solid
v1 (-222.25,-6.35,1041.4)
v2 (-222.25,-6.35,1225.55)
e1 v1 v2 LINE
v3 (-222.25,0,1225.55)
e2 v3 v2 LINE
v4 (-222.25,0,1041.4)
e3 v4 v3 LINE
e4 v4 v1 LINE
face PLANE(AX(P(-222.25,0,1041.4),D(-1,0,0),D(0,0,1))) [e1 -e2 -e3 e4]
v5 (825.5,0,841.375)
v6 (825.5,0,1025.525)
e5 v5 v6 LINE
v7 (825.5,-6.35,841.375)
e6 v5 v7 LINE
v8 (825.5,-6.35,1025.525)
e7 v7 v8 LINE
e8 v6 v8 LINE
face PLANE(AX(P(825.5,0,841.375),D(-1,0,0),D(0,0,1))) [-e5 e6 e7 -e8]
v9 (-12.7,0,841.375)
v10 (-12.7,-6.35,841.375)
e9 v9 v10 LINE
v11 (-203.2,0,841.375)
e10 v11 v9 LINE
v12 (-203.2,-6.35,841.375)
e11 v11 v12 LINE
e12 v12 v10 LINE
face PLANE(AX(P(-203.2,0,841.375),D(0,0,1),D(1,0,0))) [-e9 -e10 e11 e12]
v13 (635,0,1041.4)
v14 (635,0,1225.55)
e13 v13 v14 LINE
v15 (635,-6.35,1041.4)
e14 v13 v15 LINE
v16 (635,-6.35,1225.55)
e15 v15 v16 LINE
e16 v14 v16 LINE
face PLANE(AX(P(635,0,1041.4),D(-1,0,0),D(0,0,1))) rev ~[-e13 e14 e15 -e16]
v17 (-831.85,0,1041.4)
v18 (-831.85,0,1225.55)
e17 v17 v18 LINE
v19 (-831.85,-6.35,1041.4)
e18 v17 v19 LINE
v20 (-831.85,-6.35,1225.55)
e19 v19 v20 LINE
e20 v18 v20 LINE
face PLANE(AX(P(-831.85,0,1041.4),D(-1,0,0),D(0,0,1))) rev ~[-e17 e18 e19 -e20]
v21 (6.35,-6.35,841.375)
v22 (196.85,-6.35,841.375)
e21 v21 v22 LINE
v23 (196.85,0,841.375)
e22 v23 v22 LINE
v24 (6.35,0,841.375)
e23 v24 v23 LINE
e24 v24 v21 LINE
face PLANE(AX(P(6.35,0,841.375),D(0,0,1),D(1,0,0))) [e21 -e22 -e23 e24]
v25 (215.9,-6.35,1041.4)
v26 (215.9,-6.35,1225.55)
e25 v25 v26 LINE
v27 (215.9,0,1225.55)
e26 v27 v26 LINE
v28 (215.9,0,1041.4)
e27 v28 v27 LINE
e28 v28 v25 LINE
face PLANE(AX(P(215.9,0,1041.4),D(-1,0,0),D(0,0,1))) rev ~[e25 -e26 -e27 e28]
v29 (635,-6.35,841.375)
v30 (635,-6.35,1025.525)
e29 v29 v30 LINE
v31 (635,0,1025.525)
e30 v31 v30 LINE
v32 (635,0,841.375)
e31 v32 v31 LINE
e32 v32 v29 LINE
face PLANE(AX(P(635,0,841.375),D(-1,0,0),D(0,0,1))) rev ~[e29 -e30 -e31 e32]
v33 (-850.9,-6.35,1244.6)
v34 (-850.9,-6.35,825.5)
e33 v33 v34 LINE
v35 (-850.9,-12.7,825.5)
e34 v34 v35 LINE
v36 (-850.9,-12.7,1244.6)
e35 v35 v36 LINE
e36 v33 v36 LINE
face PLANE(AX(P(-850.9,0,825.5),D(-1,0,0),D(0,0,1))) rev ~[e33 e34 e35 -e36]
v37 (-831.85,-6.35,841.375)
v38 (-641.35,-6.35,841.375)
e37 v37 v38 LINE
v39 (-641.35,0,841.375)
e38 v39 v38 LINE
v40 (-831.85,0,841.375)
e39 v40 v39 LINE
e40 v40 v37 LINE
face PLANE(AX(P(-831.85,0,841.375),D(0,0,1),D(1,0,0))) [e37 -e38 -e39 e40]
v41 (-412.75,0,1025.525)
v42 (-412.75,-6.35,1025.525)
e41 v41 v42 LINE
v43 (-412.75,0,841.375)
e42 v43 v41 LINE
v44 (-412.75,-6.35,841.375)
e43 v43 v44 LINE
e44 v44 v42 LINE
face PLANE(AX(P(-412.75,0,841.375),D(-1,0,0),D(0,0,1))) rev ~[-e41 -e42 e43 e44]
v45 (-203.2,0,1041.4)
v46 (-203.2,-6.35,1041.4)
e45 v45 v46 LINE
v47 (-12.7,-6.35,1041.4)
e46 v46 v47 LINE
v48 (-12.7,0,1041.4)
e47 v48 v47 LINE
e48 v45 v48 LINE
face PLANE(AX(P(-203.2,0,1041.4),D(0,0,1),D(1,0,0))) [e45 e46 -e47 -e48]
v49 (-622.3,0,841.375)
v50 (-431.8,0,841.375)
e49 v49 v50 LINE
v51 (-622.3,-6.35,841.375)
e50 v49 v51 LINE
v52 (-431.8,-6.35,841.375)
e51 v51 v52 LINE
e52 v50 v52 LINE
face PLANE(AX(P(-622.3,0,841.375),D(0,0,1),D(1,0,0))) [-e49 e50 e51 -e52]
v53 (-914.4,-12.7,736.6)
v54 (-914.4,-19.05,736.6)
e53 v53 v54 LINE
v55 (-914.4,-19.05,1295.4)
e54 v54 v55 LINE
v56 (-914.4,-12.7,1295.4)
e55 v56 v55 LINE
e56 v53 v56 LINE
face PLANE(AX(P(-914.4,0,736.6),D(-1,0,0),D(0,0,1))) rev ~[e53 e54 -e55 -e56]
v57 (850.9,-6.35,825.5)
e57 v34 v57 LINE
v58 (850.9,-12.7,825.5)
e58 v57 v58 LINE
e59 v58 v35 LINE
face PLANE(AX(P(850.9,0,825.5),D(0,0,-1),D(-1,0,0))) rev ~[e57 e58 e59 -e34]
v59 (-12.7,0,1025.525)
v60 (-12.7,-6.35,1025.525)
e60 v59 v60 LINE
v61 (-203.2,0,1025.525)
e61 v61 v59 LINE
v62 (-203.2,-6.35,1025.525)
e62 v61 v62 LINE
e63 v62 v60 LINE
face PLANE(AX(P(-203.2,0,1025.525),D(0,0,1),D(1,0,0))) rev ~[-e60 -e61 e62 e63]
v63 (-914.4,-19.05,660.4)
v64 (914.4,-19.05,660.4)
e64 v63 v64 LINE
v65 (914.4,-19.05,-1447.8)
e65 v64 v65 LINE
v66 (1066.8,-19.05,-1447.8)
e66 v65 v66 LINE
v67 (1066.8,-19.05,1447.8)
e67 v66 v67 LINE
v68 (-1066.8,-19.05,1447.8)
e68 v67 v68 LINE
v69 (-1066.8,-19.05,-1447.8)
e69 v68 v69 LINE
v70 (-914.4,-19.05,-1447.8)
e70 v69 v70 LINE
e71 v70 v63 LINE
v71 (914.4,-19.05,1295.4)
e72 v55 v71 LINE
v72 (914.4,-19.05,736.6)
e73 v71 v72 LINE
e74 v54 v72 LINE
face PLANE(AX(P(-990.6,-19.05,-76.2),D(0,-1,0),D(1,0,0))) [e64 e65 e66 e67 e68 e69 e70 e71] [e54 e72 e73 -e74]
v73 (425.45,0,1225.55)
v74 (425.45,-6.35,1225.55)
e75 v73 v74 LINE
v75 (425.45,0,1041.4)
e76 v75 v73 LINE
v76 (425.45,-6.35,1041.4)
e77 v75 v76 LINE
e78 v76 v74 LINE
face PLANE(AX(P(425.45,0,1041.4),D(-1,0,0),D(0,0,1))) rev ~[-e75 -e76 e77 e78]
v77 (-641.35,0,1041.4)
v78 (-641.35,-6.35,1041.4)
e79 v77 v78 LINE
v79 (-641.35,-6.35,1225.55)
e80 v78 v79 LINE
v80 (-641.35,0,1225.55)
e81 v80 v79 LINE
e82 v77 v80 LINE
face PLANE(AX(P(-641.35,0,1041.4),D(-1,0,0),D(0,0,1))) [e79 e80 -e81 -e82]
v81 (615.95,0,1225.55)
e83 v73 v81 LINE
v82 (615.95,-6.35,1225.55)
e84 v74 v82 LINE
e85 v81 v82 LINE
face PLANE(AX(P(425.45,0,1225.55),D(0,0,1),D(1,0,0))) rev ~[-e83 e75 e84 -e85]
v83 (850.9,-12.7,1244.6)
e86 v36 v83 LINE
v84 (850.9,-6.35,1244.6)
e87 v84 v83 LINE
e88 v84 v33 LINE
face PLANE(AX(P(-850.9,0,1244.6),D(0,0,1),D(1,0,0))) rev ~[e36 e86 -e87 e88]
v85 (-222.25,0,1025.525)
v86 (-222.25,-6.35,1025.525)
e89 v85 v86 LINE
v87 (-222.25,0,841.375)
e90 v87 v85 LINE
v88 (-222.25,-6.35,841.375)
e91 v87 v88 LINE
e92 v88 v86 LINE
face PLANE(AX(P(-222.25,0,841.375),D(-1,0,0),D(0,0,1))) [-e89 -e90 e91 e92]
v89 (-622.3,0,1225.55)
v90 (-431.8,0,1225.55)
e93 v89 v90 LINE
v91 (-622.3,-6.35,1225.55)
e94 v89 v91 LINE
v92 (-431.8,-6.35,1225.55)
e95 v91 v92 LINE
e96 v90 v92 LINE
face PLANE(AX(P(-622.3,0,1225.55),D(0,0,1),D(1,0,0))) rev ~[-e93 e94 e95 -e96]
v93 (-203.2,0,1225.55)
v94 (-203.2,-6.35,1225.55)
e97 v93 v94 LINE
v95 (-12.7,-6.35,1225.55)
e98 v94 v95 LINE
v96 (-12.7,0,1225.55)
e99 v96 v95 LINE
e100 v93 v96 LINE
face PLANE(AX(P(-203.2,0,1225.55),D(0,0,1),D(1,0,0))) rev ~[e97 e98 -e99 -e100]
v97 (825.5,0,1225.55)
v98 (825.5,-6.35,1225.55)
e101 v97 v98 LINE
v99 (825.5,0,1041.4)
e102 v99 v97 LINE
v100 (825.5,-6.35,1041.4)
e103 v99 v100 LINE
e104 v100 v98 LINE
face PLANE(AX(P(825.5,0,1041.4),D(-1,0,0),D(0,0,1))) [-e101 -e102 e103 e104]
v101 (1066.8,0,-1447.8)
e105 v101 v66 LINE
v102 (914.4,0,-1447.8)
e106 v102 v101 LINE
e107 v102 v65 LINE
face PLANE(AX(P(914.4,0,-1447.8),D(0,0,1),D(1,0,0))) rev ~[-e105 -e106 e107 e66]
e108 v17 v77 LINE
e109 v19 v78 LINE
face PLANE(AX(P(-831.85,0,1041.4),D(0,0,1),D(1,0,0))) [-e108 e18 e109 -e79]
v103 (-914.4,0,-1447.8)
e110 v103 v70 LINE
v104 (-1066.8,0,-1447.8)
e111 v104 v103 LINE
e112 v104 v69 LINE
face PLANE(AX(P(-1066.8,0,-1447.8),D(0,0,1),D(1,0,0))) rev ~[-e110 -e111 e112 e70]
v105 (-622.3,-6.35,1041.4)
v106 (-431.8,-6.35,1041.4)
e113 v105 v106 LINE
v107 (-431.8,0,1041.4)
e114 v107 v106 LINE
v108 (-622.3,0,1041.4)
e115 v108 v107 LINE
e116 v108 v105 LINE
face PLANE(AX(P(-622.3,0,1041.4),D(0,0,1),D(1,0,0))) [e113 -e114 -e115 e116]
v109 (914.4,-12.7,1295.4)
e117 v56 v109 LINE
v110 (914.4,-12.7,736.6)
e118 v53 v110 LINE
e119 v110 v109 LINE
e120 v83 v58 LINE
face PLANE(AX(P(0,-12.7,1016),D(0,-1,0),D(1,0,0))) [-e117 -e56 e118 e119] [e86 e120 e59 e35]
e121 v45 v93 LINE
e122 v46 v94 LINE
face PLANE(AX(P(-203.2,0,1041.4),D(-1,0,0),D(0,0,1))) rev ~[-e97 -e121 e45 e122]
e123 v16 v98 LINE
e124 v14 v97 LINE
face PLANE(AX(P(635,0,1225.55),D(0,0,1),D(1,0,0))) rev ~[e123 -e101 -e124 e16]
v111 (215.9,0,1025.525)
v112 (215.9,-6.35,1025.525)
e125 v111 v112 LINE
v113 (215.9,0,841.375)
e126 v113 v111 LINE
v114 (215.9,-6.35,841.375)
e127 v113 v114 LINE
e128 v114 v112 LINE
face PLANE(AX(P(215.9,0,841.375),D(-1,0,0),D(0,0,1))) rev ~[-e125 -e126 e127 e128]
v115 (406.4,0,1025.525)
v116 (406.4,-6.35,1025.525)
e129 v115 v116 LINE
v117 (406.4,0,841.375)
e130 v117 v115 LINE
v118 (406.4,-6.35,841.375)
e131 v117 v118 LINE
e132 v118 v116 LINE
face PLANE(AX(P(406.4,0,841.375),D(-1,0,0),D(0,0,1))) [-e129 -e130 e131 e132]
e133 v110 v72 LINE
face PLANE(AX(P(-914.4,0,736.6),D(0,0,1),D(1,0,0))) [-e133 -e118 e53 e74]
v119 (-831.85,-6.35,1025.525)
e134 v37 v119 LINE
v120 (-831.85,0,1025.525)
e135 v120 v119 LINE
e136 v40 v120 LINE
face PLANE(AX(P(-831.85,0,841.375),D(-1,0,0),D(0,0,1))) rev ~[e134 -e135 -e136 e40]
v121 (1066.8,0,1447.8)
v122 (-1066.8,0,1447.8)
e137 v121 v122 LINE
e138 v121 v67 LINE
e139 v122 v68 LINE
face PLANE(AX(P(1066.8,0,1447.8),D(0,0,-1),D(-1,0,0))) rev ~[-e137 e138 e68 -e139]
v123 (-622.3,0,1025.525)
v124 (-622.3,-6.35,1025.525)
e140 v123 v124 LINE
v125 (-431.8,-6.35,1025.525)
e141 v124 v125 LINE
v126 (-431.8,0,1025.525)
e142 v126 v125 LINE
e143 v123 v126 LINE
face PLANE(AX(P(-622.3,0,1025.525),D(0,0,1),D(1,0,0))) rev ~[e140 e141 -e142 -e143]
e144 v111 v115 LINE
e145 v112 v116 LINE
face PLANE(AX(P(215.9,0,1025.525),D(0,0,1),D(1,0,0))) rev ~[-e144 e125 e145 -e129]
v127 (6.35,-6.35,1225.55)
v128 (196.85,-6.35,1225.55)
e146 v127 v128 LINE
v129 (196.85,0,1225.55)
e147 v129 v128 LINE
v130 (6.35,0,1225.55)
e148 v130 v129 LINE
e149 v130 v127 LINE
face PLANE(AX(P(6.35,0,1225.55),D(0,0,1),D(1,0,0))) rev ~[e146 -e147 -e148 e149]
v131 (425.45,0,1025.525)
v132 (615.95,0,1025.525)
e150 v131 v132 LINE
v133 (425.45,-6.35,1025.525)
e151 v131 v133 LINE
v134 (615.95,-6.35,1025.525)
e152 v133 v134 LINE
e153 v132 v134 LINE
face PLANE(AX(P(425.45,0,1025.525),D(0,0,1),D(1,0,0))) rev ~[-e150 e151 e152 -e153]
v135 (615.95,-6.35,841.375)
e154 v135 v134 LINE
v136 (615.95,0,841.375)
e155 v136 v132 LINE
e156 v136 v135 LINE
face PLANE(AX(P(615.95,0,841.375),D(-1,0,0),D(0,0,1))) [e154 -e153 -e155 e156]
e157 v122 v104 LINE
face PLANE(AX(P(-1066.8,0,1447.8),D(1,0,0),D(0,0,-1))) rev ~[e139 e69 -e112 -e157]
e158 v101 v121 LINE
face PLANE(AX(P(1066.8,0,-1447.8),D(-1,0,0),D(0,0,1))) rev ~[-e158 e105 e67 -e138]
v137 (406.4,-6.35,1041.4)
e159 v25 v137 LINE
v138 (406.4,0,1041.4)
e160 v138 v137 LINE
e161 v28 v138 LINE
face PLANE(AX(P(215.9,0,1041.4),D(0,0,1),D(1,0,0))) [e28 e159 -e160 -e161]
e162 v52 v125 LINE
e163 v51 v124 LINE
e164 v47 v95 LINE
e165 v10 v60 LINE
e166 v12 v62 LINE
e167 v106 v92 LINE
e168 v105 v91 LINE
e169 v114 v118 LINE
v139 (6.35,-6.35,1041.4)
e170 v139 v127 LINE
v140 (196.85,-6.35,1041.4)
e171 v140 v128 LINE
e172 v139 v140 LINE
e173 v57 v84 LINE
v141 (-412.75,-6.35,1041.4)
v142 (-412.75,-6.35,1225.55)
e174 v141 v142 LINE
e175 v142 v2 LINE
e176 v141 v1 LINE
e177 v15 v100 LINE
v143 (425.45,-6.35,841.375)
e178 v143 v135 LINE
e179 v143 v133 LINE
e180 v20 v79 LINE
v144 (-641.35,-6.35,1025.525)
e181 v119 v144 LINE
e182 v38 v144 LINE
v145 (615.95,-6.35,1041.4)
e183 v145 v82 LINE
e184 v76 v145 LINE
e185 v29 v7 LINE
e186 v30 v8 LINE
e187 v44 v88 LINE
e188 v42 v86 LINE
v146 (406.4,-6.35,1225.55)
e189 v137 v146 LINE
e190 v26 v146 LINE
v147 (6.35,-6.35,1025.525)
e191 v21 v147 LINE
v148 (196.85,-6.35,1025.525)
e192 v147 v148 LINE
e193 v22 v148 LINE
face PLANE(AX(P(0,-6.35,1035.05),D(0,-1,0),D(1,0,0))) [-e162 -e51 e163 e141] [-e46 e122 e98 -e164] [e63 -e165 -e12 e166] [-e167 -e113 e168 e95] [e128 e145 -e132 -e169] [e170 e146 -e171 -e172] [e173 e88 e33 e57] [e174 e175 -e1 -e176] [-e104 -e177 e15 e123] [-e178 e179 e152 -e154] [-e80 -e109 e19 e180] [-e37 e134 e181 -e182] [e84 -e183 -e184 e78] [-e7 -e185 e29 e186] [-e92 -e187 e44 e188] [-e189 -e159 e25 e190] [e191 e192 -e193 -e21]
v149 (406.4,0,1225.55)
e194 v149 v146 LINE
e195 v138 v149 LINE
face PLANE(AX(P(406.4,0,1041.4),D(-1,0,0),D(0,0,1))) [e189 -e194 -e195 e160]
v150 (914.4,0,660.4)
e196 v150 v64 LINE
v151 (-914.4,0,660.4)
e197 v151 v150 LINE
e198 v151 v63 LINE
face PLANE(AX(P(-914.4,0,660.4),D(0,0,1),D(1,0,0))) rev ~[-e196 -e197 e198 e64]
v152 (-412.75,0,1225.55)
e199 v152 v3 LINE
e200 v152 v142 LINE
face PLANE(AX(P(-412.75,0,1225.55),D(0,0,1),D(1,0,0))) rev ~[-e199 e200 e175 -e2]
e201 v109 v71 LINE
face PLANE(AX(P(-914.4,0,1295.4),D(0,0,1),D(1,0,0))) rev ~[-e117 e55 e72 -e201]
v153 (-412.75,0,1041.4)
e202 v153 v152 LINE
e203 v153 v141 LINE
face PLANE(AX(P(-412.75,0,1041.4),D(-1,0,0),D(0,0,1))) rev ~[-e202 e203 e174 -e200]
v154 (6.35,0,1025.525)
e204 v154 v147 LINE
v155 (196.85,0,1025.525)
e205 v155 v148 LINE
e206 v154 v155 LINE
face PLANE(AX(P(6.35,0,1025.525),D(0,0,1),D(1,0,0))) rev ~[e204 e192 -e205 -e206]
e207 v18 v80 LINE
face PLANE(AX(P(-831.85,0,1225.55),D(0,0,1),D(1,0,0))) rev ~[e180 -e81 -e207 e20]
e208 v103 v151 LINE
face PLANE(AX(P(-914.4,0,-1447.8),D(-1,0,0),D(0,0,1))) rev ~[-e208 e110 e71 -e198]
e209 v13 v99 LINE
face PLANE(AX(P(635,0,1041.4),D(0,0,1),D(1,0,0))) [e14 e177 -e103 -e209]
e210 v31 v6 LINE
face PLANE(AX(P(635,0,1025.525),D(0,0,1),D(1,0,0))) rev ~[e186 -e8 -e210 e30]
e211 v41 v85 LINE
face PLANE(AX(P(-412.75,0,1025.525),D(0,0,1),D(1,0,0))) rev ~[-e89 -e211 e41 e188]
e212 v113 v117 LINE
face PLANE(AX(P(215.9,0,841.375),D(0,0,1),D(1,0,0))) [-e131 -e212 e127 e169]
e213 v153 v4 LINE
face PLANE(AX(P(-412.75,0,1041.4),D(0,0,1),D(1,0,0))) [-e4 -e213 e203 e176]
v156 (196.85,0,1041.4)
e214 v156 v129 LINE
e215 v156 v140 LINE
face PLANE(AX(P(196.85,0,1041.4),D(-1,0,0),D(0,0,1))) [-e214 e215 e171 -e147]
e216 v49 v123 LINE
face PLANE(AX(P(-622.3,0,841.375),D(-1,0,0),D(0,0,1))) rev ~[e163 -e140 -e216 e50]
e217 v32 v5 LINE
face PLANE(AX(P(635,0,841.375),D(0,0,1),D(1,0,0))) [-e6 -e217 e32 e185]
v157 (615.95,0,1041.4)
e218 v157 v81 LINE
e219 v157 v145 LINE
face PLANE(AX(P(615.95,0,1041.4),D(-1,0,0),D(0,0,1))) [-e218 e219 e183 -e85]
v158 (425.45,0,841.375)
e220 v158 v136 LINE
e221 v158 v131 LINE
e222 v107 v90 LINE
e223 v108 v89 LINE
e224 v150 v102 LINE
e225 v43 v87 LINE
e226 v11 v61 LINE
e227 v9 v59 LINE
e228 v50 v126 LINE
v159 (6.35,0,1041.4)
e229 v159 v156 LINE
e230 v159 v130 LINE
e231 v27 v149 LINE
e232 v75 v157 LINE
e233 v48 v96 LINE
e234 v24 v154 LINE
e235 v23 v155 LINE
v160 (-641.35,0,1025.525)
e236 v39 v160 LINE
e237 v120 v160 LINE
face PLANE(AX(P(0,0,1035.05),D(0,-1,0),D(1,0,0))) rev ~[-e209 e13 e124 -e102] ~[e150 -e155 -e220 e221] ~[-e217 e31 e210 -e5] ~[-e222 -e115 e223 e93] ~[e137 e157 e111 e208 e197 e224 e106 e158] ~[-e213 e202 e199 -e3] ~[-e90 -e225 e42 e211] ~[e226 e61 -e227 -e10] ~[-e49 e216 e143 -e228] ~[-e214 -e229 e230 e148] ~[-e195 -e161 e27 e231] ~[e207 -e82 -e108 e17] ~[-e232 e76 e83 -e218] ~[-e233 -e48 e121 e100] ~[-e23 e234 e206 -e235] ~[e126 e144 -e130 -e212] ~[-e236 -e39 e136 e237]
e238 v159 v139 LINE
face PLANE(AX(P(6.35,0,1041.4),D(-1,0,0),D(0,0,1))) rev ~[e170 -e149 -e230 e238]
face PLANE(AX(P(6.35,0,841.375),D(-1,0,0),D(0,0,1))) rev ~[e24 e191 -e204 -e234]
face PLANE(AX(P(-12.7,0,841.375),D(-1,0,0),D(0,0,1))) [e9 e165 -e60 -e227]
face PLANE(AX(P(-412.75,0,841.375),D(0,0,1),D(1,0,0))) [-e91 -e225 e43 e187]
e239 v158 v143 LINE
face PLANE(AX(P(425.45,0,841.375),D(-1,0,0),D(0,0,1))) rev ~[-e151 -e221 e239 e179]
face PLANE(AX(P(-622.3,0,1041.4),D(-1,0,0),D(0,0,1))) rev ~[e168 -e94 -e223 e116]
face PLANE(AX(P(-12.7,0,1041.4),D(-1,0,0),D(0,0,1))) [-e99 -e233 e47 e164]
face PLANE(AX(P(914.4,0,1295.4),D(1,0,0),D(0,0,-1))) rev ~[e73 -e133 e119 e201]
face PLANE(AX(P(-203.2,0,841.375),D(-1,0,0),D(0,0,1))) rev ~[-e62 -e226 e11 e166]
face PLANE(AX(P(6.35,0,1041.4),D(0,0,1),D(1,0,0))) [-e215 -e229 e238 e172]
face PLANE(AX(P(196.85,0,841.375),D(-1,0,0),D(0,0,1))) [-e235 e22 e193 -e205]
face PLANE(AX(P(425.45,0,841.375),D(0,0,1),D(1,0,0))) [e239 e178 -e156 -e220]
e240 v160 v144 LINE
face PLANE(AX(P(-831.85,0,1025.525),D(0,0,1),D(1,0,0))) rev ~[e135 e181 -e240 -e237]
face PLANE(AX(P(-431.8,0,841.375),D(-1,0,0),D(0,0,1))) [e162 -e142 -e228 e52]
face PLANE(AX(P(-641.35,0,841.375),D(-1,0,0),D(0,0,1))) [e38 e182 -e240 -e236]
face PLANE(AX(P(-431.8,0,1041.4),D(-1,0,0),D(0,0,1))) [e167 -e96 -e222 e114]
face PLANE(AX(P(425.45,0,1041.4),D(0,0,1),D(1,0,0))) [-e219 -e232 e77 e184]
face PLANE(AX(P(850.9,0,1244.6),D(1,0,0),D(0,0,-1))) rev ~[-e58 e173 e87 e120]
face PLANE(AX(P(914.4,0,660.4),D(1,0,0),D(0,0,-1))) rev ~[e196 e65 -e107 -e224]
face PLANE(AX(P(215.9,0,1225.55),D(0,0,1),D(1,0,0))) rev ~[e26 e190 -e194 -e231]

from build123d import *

# Parameters (mm, degrees)
F0_W     = 152.4
F0_H     = 152.4
F0_W_2   = 1828.8
F0_H_2   = 76.2
F1_DEPTH = 19.05
F0_H_3   = 558.8
F2_DEPTH = 12.7
F0_W_3   = 190.5
F0_H_4   = 184.15
F3_DEPTH = 6.35


with BuildPart() as f1:
    # F0 (on Front) → F1 (new body)
    with BuildSketch(Plane.XZ):
        Polygon((-914.4, 1295.4), (-1066.8, 1295.4), (-1066.8, -1447.8), (-914.4, -1447.8), (-914.4, 660.4), (-914.4, 736.6), align=None)
        with Locations((-990.6, 1371.6)):
            Rectangle(F0_W, F0_H)
        with Locations((0, 1371.6)):
            Rectangle(F0_W_2, F0_H)
        with Locations((990.6, 1371.6)):
            Rectangle(F0_W, F0_H)
        Polygon((1066.8, 1295.4), (914.4, 1295.4), (914.4, 736.6), (914.4, 660.4), (914.4, -1447.8), (1066.8, -1447.8), align=None)
        with Locations((0, 698.5)):
            Rectangle(F0_W_2, F0_H_2)
    extrude(amount=F1_DEPTH)

    # F0 (on Front) → F2 (join)
    with BuildSketch(Plane.XZ):
        with Locations((0, 1016)):
            Rectangle(F0_W_2, F0_H_3)
        Polygon((-850.9, 1225.55), (-850.9, 1244.6), (-831.85, 1244.6), (-641.35, 1244.6), (-622.3, 1244.6), (850.9, 1244.6), (850.9, 1225.55), (850.9, 1041.4), (850.9, 1025.525), (850.9, 841.375), (850.9, 825.5), (-622.3, 825.5), (-641.35, 825.5), (-831.85, 825.5), (-850.9, 825.5), (-850.9, 841.375), (-850.9, 1025.525), (-850.9, 1041.4), align=None, mode=Mode.SUBTRACT)
    extrude(amount=F2_DEPTH)

    # F0 (on Front) → F3 (join)
    with BuildSketch(Plane.XZ):
        Polygon((-831.85, 1244.6), (-850.9, 1244.6), (-850.9, 1225.55), (-850.9, 1041.4), (-850.9, 1025.525), (-850.9, 841.375), (-850.9, 825.5), (-831.85, 825.5), (-641.35, 825.5), (-622.3, 825.5), (850.9, 825.5), (850.9, 841.375), (850.9, 1025.525), (850.9, 1041.4), (850.9, 1225.55), (850.9, 1244.6), (-622.3, 1244.6), (-641.35, 1244.6), align=None)
        with Locations((-736.6, 933.45)):
            Rectangle(F0_W_3, F0_H_4, mode=Mode.SUBTRACT)
        with Locations((-736.6, 1133.475)):
            Rectangle(F0_W_3, F0_H_4, mode=Mode.SUBTRACT)
        with Locations((-527.05, 933.45)):
            Rectangle(F0_W_3, F0_H_4, mode=Mode.SUBTRACT)
        with Locations((-317.5, 933.45)):
            Rectangle(F0_W_3, F0_H_4, mode=Mode.SUBTRACT)
        with Locations((-107.95, 933.45)):
            Rectangle(F0_W_3, F0_H_4, mode=Mode.SUBTRACT)
        with Locations((-527.05, 1133.475)):
            Rectangle(F0_W_3, F0_H_4, mode=Mode.SUBTRACT)
        with Locations((-317.5, 1133.475)):
            Rectangle(F0_W_3, F0_H_4, mode=Mode.SUBTRACT)
        with Locations((-107.95, 1133.475)):
            Rectangle(F0_W_3, F0_H_4, mode=Mode.SUBTRACT)
        with Locations((101.6, 933.45)):
            Rectangle(F0_W_3, F0_H_4, mode=Mode.SUBTRACT)
        with Locations((311.15, 933.45)):
            Rectangle(F0_W_3, F0_H_4, mode=Mode.SUBTRACT)
        with Locations((520.7, 933.45)):
            Rectangle(F0_W_3, F0_H_4, mode=Mode.SUBTRACT)
        with Locations((101.6, 1133.475)):
            Rectangle(F0_W_3, F0_H_4, mode=Mode.SUBTRACT)
        with Locations((311.15, 1133.475)):
            Rectangle(F0_W_3, F0_H_4, mode=Mode.SUBTRACT)
        with Locations((520.7, 1133.475)):
            Rectangle(F0_W_3, F0_H_4, mode=Mode.SUBTRACT)
        with Locations((730.25, 933.45)):
            Rectangle(F0_W_3, F0_H_4, mode=Mode.SUBTRACT)
        with Locations((730.25, 1133.475)):
            Rectangle(F0_W_3, F0_H_4, mode=Mode.SUBTRACT)
    extrude(amount=F3_DEPTH)


solid = f1.part
